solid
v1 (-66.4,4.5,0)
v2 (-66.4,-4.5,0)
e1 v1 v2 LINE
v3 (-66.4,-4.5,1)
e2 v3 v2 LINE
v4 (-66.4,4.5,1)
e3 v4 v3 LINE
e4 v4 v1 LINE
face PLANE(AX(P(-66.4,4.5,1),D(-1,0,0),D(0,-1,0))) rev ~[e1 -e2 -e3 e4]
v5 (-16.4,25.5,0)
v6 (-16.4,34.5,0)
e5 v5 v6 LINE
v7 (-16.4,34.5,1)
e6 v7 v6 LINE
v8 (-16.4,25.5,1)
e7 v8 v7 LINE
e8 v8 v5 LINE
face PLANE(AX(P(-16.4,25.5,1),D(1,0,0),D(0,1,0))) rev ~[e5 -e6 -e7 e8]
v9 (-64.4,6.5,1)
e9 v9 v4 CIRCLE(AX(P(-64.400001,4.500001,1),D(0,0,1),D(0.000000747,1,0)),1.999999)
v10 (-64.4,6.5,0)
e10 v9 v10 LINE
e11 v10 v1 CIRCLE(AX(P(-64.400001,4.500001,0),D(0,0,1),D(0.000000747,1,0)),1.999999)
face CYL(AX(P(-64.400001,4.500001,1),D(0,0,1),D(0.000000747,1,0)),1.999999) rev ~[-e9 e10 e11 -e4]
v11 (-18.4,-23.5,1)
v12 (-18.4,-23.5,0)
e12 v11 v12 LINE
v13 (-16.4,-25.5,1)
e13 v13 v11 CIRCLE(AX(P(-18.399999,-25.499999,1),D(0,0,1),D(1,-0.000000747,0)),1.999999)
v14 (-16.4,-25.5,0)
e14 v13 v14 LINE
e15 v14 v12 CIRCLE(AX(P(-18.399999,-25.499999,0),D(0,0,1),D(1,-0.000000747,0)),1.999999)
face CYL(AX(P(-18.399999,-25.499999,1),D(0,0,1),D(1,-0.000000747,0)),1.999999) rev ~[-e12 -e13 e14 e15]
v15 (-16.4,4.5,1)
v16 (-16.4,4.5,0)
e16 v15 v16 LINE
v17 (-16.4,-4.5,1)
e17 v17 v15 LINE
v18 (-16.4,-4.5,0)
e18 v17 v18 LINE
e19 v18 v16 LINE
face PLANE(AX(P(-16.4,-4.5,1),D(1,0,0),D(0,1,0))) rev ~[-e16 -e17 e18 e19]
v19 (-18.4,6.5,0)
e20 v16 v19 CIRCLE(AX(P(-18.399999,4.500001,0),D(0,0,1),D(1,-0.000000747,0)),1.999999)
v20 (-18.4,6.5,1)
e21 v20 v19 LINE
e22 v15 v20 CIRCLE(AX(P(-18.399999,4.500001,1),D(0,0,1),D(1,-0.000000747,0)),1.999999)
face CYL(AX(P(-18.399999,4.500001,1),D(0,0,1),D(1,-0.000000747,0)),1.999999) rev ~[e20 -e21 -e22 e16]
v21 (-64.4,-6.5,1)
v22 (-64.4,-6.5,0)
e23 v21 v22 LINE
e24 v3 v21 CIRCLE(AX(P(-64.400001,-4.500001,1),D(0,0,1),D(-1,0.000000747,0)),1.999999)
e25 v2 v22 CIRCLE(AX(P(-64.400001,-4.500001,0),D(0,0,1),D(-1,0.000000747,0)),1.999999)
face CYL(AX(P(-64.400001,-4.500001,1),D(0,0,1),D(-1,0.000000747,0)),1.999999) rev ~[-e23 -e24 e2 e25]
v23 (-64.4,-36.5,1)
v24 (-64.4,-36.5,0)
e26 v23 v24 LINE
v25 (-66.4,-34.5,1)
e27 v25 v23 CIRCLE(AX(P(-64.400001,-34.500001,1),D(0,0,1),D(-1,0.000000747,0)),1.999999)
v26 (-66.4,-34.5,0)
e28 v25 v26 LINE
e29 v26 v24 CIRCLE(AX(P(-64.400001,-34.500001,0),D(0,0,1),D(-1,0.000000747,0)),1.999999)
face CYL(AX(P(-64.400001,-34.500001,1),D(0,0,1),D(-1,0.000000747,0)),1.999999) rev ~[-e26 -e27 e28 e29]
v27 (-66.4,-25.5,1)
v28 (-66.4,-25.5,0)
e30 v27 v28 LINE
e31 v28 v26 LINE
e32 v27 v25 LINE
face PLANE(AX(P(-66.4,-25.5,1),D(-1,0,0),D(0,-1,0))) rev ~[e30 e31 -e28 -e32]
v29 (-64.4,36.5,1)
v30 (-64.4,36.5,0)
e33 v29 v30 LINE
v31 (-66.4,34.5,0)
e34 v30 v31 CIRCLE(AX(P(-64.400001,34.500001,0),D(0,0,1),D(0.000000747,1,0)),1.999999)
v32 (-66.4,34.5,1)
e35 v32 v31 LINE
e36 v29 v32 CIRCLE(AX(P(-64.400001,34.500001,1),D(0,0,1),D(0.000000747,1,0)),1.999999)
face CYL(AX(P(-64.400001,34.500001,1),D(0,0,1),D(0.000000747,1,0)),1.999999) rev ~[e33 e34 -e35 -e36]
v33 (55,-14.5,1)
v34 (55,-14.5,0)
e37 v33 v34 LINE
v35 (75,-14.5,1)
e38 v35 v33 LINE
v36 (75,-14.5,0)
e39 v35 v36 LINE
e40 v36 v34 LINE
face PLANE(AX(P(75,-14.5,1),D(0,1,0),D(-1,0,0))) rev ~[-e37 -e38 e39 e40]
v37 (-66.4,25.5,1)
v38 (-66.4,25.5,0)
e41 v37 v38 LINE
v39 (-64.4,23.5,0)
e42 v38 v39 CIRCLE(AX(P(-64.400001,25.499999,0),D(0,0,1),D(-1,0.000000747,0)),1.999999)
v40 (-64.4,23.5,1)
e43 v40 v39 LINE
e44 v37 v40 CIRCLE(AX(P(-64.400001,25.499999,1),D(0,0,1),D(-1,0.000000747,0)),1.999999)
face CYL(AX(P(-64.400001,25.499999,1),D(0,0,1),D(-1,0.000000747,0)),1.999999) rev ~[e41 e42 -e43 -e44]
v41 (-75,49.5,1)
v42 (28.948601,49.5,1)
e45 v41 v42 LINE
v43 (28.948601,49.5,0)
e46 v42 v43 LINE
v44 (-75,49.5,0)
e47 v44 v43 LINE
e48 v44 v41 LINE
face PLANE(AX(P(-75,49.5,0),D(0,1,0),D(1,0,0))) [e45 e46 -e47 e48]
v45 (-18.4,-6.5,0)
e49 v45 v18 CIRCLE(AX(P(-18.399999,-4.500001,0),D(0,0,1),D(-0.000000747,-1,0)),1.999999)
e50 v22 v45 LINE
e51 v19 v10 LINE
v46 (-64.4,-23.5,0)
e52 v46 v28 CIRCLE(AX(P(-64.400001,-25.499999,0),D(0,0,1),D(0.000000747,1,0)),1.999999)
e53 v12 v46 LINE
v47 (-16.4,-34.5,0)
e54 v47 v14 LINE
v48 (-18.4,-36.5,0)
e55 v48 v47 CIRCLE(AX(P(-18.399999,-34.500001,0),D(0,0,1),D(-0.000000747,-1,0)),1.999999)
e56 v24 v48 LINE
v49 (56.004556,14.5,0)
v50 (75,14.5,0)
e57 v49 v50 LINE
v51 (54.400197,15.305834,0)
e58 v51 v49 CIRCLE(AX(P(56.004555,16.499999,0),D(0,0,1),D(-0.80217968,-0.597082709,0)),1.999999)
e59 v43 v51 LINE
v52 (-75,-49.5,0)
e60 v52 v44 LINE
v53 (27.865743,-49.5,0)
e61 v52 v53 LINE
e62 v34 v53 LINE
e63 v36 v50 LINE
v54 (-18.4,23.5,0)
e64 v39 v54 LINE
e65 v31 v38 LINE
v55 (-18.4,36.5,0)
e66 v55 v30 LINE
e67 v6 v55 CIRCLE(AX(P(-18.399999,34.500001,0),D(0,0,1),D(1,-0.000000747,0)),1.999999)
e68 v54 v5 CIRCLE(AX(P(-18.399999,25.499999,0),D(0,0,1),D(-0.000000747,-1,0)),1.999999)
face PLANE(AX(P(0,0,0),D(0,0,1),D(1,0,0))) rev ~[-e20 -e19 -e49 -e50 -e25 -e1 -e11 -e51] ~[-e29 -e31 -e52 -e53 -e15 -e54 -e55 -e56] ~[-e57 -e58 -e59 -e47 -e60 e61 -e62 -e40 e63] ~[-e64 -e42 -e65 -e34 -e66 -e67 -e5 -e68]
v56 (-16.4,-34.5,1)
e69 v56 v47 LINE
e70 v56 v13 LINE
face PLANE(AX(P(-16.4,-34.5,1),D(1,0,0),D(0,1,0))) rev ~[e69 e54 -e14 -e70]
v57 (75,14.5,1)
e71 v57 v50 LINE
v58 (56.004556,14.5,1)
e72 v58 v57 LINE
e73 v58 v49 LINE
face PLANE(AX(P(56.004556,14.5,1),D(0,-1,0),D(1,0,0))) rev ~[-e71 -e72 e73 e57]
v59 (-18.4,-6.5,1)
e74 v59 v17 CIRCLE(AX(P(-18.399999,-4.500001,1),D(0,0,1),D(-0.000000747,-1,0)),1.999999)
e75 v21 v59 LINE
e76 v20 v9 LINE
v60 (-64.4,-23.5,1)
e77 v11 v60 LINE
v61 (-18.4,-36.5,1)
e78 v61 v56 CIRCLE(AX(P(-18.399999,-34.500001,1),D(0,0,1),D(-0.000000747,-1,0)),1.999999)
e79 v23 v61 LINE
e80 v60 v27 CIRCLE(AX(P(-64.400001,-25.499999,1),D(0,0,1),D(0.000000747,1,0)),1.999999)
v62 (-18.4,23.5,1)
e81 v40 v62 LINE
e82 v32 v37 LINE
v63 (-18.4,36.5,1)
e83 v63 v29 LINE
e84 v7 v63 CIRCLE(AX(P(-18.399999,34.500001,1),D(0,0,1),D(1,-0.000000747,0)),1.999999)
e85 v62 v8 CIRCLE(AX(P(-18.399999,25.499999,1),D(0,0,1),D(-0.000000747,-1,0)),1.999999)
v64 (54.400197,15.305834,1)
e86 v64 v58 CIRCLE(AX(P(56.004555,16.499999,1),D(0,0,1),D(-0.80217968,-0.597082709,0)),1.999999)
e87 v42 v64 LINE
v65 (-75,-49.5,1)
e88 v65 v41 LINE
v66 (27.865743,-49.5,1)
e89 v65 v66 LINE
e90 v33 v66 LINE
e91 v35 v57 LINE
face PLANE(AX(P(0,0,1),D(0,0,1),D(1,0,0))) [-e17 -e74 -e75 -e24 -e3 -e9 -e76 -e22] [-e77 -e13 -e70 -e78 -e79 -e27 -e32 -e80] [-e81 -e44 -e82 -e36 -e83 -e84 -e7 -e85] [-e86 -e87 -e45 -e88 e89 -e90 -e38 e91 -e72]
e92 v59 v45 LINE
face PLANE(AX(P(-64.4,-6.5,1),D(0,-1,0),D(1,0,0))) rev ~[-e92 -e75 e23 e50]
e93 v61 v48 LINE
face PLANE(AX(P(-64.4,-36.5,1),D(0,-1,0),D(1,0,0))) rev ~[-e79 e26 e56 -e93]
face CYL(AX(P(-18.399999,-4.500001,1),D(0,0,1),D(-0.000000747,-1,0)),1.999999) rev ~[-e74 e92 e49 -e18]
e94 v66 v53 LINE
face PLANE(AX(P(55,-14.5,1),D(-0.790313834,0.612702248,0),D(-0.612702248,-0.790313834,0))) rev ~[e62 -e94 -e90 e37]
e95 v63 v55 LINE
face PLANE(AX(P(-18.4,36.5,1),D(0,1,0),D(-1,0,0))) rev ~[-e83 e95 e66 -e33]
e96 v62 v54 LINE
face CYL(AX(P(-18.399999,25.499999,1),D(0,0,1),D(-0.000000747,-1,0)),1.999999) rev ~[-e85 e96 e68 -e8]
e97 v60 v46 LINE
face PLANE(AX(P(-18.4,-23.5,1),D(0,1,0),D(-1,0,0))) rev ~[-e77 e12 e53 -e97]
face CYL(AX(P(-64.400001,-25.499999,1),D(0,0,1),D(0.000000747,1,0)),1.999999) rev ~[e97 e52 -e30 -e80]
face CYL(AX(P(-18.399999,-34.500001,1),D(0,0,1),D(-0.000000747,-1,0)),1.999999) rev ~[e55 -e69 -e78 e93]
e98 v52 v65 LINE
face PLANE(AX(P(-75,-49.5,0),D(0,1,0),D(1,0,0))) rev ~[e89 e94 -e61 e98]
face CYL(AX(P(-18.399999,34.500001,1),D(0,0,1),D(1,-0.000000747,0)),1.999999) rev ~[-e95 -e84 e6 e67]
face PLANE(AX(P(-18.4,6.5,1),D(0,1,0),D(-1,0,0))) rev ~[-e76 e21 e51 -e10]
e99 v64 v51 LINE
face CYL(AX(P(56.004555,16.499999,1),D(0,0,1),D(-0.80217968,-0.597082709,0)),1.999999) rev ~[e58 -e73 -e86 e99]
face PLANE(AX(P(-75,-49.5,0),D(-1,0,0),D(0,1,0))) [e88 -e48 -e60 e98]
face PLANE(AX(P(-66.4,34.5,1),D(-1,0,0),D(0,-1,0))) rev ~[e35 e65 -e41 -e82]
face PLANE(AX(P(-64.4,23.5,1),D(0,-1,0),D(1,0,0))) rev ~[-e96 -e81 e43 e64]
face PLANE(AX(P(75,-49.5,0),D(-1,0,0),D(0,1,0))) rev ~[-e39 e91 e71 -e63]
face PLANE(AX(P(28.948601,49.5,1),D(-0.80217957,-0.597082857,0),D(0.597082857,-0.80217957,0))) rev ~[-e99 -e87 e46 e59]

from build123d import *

# Parameters (mm, degrees)
F0_W     = 150
F0_H     = 99
F1_DEPTH = 1
F3_DEPTH = 25


with BuildPart() as f1:
    # F0 (on Top) → F1 (new body)
    with BuildSketch(Plane.XY):
        Rectangle(F0_W, F0_H)
    extrude(amount=F1_DEPTH)

    # F2 (on face) → F3 (cut)
    with BuildSketch(Plane.XY.offset(1)):
        with BuildLine():
            ThreePointArc((-64.4, 36.5), (-65.814214, 35.914214), (-66.4, 34.5))
            Line((-66.4, 34.5), (-66.4, 25.5))
            ThreePointArc((-66.4, 25.5), (-65.814214, 24.085786), (-64.4, 23.5))
            Line((-64.4, 23.5), (-18.4, 23.5))
            ThreePointArc((-18.4, 23.5), (-16.985786, 24.085786), (-16.4, 25.5))
            Line((-16.4, 25.5), (-16.4, 34.5))
            ThreePointArc((-16.4, 34.5), (-16.985786, 35.914214), (-18.4, 36.5))
            Line((-18.4, 36.5), (-64.4, 36.5))
        make_face()
        with BuildLine():
            ThreePointArc((-64.4, 6.5), (-65.814214, 5.914214), (-66.4, 4.5))
            Line((-66.4, 4.5), (-66.4, -4.5))
            ThreePointArc((-66.4, -4.5), (-65.814214, -5.914214), (-64.4, -6.5))
            Line((-64.4, -6.5), (-18.4, -6.5))
            ThreePointArc((-18.4, -6.5), (-16.985786, -5.914214), (-16.4, -4.5))
            Line((-16.4, -4.5), (-16.4, 4.5))
            ThreePointArc((-16.4, 4.5), (-16.985786, 5.914214), (-18.4, 6.5))
            Line((-18.4, 6.5), (-64.4, 6.5))
        make_face()
        with BuildLine():
            ThreePointArc((-64.4, -23.5), (-65.814214, -24.085786), (-66.4, -25.5))
            Line((-66.4, -25.5), (-66.4, -34.5))
            ThreePointArc((-66.4, -34.5), (-65.814214, -35.914214), (-64.4, -36.5))
            Line((-64.4, -36.5), (-18.4, -36.5))
            ThreePointArc((-18.4, -36.5), (-16.985786, -35.914214), (-16.4, -34.5))
            Line((-16.4, -34.5), (-16.4, -25.5))
            ThreePointArc((-16.4, -25.5), (-16.985786, -24.085786), (-18.4, -23.5))
            Line((-18.4, -23.5), (-64.4, -23.5))
        make_face()
        with BuildLine():
            Line((56.004556, 14.5), (75, 14.5))
            Line((75, 14.5), (75, 49.5))
            Line((75, 49.5), (28.948601, 49.5))
            Line((28.948601, 49.5), (54.400197, 15.305834))
            ThreePointArc((54.400197, 15.305834), (55.106873, 14.712777), (56.004556, 14.5))
        make_face()
        Polygon((75, -49.5), (75, -14.5), (55, -14.5), (27.865743, -49.5), align=None)
    extrude(amount=-F3_DEPTH, mode=Mode.SUBTRACT)


solid = f1.part
